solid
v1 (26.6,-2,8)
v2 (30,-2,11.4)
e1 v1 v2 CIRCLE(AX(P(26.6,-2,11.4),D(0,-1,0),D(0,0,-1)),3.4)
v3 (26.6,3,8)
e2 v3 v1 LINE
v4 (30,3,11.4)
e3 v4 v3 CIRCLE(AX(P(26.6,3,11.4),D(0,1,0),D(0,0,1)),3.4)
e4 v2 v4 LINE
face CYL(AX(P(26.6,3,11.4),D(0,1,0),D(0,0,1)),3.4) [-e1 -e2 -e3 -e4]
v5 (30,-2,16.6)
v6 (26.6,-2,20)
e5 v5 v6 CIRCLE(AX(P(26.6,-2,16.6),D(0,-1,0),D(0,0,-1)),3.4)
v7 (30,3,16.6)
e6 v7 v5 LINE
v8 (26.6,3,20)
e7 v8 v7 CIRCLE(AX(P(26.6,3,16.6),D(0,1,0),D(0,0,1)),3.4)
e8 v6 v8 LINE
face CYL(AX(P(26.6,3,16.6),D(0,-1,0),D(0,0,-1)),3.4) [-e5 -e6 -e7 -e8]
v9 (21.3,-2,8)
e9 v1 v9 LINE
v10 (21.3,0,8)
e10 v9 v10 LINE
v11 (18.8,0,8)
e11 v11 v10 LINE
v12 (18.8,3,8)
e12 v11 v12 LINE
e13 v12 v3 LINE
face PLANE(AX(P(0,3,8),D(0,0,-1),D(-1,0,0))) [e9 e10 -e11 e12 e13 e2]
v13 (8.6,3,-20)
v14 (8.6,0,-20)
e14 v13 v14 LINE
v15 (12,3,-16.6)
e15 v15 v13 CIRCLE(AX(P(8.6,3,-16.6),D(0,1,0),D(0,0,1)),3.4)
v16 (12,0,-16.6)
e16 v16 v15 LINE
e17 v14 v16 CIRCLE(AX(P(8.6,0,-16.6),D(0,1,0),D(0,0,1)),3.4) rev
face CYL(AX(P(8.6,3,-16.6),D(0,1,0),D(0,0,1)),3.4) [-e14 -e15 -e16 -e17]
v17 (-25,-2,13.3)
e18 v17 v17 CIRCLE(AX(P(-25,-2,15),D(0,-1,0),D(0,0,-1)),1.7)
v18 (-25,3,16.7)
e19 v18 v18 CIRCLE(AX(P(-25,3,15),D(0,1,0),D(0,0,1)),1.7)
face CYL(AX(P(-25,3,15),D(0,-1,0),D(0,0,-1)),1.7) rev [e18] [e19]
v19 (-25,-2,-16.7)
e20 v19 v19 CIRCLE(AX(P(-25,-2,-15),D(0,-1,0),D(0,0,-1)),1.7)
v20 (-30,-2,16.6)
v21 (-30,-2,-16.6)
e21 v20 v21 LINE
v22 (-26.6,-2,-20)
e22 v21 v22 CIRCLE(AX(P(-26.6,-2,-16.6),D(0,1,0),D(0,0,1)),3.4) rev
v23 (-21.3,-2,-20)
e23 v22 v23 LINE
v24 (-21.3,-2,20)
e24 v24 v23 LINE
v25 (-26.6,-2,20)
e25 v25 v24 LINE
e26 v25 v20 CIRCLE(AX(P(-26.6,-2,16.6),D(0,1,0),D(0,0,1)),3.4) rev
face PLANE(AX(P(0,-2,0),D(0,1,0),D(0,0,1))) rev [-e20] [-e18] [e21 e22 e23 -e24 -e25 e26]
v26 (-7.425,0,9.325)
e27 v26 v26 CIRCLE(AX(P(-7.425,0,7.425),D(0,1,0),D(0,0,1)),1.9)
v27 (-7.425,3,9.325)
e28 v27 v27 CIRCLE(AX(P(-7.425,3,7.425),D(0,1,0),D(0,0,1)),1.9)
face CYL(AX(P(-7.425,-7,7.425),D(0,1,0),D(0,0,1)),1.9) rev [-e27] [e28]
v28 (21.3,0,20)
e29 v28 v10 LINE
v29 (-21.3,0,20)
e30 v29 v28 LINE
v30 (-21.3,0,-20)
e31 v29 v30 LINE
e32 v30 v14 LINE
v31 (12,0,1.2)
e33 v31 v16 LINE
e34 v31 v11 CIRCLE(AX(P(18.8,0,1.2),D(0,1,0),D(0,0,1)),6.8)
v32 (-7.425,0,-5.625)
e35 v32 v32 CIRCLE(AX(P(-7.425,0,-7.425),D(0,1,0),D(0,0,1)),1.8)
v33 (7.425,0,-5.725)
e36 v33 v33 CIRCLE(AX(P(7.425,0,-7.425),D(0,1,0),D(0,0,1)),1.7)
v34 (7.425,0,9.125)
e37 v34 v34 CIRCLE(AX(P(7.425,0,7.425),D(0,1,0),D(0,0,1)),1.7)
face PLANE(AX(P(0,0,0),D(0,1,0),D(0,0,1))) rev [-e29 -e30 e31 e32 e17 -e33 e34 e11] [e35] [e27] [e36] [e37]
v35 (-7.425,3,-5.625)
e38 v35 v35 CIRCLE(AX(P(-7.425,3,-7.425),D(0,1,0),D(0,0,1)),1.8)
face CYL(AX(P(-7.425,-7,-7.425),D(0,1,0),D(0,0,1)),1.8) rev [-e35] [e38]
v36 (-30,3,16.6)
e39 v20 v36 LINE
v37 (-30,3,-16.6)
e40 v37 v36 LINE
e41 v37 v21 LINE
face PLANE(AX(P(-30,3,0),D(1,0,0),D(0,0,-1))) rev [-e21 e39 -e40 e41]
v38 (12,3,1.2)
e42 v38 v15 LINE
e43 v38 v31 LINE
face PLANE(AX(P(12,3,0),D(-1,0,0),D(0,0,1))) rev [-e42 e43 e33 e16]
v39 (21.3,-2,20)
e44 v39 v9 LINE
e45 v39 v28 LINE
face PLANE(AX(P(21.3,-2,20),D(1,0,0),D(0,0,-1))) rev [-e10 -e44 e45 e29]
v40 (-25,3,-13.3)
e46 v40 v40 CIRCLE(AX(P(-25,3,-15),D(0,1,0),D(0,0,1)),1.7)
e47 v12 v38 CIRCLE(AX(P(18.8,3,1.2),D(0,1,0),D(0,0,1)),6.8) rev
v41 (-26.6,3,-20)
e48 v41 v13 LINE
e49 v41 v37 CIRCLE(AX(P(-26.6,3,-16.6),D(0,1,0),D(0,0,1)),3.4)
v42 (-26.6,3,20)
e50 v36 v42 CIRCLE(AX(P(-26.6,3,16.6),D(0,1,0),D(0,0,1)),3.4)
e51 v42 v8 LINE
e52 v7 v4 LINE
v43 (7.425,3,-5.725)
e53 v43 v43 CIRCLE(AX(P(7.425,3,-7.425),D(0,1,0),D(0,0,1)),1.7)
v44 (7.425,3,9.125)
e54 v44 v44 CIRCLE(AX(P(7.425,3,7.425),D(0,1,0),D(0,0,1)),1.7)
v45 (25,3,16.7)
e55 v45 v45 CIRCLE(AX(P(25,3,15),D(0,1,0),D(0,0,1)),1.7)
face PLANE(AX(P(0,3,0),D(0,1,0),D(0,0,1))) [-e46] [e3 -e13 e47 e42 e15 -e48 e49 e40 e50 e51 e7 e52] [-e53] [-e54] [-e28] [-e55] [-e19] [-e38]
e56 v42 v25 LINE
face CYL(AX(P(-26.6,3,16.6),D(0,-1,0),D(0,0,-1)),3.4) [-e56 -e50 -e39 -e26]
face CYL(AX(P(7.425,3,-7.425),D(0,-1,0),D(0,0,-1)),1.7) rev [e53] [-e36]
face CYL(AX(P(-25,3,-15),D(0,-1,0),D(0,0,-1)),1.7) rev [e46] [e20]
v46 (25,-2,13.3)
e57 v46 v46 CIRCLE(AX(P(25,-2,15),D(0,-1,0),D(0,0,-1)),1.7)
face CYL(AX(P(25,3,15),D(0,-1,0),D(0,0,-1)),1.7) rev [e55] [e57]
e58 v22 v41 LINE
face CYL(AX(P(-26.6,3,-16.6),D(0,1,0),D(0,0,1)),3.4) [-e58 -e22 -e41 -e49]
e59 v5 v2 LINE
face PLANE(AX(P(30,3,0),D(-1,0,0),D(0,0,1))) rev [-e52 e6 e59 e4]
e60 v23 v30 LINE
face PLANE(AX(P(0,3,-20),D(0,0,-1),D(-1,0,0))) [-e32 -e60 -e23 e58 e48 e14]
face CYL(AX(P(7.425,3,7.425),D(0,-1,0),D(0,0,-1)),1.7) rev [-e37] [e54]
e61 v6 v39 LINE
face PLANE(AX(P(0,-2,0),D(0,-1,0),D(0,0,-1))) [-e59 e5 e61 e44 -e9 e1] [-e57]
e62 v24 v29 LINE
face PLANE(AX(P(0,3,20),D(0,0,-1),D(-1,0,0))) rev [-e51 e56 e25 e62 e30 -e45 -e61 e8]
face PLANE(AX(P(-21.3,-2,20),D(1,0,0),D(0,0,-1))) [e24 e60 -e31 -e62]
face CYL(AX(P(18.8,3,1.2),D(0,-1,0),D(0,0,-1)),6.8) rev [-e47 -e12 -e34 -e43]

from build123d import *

# Parameters (mm, degrees)
SKETCH_2_W          = 24
SKETCH_2_H          = 5
SKETCH_2_R          = 1.7
EXTRUDE_1_DEPTH     = 3
FILLET_2_R          = 6.8
EXTRUDE_START       = 2
SKETCH_4_W          = 8.7
SKETCH_4_H          = 40
SKETCH_4_R          = 1.7
SKETCH_4_H_2        = 12
EXTRUDE_2_DEPTH     = 2
FILLET_3_R          = 3.4
SKETCH_5_R          = 1.9
SKETCH_5_R_2        = 1.8
CUT_EXTRUDE_1_DEPTH = 10


with BuildPart() as part:
    # 草图2 → 凸台-拉伸1 (new body)
    # profile 1 of 7: a face of its own
    with BuildSketch(Plane(origin=(0, 0, 0), x_dir=(1, 0, 0), z_dir=(0, 1, 0))):
        with BuildLine():
            Line((25, -8), (12, -8))
            Line((12, -8), (12, -15))
            Line((12, -15), (23.3, -15))
            ThreePointArc((23.3, -15), (23.797918472, -13.797918472), (25, -13.3))
            Line((25, -13.3), (25, -8))
        make_face()
    # profile 2 of 7: a face of its own
    with BuildSketch(Plane(origin=(0, 0, 0), x_dir=(1, 0, 0), z_dir=(0, 1, 0))):
        with BuildLine():
            Line((23.3, -15), (12, -15))
            Line((12, -15), (12, -20))
            Line((12, -20), (30, -20))
            Line((30, -20), (30, -8))
            Line((30, -8), (25, -8))
            Line((25, -8), (25, -13.3))
            ThreePointArc((25, -13.3), (26.202081528, -13.797918472), (26.7, -15))
            ThreePointArc((26.7, -15), (25, -16.7), (23.3, -15))
        make_face()
    # profile 3 of 7: a face of its own
    with BuildSketch(Plane(origin=(0, 0, 0), x_dir=(1, 0, 0), z_dir=(0, 1, 0))):
        with Locations((0, -17.5)):
            Rectangle(SKETCH_2_W, SKETCH_2_H)
    # profile 4 of 7: a face of its own
    with BuildSketch(Plane(origin=(0, 0, 0), x_dir=(1, 0, 0), z_dir=(0, 1, 0))):
        Polygon((12, 15), (-12, 15), (-12, -15), (12, -15), (12, -8), align=None)
        with Locations(Location((-7.425, -7.425, 0), (0, 0, 270))):
            Circle(SKETCH_2_R, mode=Mode.SUBTRACT)
        with Locations(Location((7.425, -7.425, 0), (0, 0, 270))):
            Circle(SKETCH_2_R, mode=Mode.SUBTRACT)
        with Locations(Location((-7.425, 7.425, 0), (0, 0, 270))):
            Circle(SKETCH_2_R, mode=Mode.SUBTRACT)
        with Locations(Location((7.425, 7.425, 0), (0, 0, 270))):
            Circle(SKETCH_2_R, mode=Mode.SUBTRACT)
    # profile 5 of 7: a face of its own
    with BuildSketch(Plane(origin=(0, 0, 0), x_dir=(1, 0, 0), z_dir=(0, 1, 0))):
        with Locations((0, 17.5)):
            Rectangle(SKETCH_2_W, SKETCH_2_H)
    # profile 6 of 7: a face of its own
    with BuildSketch(Plane(origin=(0, 0, 0), x_dir=(1, 0, 0), z_dir=(0, 1, 0))):
        with BuildLine():
            Line((-12, 15), (-23.3, 15))
            ThreePointArc((-23.3, 15), (-23.797918472, 13.797918472), (-25, 13.3))
            Line((-25, 13.3), (-25, -13.3))
            ThreePointArc((-25, -13.3), (-23.797918472, -13.797918472), (-23.3, -15))
            Line((-23.3, -15), (-12, -15))
            Line((-12, -15), (-12, 15))
        make_face()
    # profile 7 of 7: a face of its own
    with BuildSketch(Plane(origin=(0, 0, 0), x_dir=(1, 0, 0), z_dir=(0, 1, 0))):
        with BuildLine():
            ThreePointArc((-25, 13.3), (-26.202081528, 16.202081528), (-23.3, 15))
            Line((-23.3, 15), (-12, 15))
            Line((-12, 15), (-12, 20))
            Line((-12, 20), (-30, 20))
            Line((-30, 20), (-30, -20))
            Line((-30, -20), (-12, -20))
            Line((-12, -20), (-12, -15))
            Line((-12, -15), (-23.3, -15))
            ThreePointArc((-23.3, -15), (-26.202081528, -16.202081528), (-25, -13.3))
            Line((-25, -13.3), (-25, 13.3))
        make_face()
    extrude(amount=EXTRUDE_1_DEPTH)

    # 圆角2
    fillet_2_edges = [part.edges().sort_by_distance(p)[0] for p in [
        (12, 1.5, 8),
    ]]
    fillet(fillet_2_edges, radius=FILLET_2_R)

    # 草图4 → 凸台-拉伸2 (add)
    # profile 1 of 2: a face of its own
    with BuildSketch(Plane.XZ.offset(EXTRUDE_START)):
        with Locations((-25.65, 0)):
            Rectangle(SKETCH_4_W, SKETCH_4_H)
        with Locations(Location((-25, 15, 0), (0, 0, 270))):
            Circle(SKETCH_4_R, mode=Mode.SUBTRACT)
        with Locations(Location((-25, -15, 0), (0, 0, 270))):
            Circle(SKETCH_4_R, mode=Mode.SUBTRACT)
    # profile 2 of 2: a face of its own
    with BuildSketch(Plane.XZ.offset(EXTRUDE_START)):
        with Locations((25.65, 14)):
            Rectangle(SKETCH_4_W, SKETCH_4_H_2)
        with Locations(Location((25, 15, 0), (0, 0, 270))):
            Circle(SKETCH_4_R, mode=Mode.SUBTRACT)
    extrude(amount=-EXTRUDE_2_DEPTH)

    # 圆角3
    fillet_3_edges = [part.edges().sort_by_distance(p)[0] for p in [
        (12, 1.5, -20),
        (30, 0.5, 8),
        (30, 0.5, 20),
        (-30, 0.5, 20),
        (-30, 0.5, -20),
    ]]
    fillet(fillet_3_edges, radius=FILLET_3_R)

    # 草图5 → 切除-拉伸1 (cut)
    with BuildSketch(Plane(origin=(0, 3, 0), x_dir=(1, 0, 0), z_dir=(0, 1, 0))):
        with Locations(Location((-7.425, -7.425, 0), (0, 0, 270))):
            Circle(SKETCH_5_R)
        with Locations(Location((-7.425, 7.425, 0), (0, 0, 270))):
            Circle(SKETCH_5_R_2)
    extrude(amount=-CUT_EXTRUDE_1_DEPTH, mode=Mode.SUBTRACT)


solid = part.part
